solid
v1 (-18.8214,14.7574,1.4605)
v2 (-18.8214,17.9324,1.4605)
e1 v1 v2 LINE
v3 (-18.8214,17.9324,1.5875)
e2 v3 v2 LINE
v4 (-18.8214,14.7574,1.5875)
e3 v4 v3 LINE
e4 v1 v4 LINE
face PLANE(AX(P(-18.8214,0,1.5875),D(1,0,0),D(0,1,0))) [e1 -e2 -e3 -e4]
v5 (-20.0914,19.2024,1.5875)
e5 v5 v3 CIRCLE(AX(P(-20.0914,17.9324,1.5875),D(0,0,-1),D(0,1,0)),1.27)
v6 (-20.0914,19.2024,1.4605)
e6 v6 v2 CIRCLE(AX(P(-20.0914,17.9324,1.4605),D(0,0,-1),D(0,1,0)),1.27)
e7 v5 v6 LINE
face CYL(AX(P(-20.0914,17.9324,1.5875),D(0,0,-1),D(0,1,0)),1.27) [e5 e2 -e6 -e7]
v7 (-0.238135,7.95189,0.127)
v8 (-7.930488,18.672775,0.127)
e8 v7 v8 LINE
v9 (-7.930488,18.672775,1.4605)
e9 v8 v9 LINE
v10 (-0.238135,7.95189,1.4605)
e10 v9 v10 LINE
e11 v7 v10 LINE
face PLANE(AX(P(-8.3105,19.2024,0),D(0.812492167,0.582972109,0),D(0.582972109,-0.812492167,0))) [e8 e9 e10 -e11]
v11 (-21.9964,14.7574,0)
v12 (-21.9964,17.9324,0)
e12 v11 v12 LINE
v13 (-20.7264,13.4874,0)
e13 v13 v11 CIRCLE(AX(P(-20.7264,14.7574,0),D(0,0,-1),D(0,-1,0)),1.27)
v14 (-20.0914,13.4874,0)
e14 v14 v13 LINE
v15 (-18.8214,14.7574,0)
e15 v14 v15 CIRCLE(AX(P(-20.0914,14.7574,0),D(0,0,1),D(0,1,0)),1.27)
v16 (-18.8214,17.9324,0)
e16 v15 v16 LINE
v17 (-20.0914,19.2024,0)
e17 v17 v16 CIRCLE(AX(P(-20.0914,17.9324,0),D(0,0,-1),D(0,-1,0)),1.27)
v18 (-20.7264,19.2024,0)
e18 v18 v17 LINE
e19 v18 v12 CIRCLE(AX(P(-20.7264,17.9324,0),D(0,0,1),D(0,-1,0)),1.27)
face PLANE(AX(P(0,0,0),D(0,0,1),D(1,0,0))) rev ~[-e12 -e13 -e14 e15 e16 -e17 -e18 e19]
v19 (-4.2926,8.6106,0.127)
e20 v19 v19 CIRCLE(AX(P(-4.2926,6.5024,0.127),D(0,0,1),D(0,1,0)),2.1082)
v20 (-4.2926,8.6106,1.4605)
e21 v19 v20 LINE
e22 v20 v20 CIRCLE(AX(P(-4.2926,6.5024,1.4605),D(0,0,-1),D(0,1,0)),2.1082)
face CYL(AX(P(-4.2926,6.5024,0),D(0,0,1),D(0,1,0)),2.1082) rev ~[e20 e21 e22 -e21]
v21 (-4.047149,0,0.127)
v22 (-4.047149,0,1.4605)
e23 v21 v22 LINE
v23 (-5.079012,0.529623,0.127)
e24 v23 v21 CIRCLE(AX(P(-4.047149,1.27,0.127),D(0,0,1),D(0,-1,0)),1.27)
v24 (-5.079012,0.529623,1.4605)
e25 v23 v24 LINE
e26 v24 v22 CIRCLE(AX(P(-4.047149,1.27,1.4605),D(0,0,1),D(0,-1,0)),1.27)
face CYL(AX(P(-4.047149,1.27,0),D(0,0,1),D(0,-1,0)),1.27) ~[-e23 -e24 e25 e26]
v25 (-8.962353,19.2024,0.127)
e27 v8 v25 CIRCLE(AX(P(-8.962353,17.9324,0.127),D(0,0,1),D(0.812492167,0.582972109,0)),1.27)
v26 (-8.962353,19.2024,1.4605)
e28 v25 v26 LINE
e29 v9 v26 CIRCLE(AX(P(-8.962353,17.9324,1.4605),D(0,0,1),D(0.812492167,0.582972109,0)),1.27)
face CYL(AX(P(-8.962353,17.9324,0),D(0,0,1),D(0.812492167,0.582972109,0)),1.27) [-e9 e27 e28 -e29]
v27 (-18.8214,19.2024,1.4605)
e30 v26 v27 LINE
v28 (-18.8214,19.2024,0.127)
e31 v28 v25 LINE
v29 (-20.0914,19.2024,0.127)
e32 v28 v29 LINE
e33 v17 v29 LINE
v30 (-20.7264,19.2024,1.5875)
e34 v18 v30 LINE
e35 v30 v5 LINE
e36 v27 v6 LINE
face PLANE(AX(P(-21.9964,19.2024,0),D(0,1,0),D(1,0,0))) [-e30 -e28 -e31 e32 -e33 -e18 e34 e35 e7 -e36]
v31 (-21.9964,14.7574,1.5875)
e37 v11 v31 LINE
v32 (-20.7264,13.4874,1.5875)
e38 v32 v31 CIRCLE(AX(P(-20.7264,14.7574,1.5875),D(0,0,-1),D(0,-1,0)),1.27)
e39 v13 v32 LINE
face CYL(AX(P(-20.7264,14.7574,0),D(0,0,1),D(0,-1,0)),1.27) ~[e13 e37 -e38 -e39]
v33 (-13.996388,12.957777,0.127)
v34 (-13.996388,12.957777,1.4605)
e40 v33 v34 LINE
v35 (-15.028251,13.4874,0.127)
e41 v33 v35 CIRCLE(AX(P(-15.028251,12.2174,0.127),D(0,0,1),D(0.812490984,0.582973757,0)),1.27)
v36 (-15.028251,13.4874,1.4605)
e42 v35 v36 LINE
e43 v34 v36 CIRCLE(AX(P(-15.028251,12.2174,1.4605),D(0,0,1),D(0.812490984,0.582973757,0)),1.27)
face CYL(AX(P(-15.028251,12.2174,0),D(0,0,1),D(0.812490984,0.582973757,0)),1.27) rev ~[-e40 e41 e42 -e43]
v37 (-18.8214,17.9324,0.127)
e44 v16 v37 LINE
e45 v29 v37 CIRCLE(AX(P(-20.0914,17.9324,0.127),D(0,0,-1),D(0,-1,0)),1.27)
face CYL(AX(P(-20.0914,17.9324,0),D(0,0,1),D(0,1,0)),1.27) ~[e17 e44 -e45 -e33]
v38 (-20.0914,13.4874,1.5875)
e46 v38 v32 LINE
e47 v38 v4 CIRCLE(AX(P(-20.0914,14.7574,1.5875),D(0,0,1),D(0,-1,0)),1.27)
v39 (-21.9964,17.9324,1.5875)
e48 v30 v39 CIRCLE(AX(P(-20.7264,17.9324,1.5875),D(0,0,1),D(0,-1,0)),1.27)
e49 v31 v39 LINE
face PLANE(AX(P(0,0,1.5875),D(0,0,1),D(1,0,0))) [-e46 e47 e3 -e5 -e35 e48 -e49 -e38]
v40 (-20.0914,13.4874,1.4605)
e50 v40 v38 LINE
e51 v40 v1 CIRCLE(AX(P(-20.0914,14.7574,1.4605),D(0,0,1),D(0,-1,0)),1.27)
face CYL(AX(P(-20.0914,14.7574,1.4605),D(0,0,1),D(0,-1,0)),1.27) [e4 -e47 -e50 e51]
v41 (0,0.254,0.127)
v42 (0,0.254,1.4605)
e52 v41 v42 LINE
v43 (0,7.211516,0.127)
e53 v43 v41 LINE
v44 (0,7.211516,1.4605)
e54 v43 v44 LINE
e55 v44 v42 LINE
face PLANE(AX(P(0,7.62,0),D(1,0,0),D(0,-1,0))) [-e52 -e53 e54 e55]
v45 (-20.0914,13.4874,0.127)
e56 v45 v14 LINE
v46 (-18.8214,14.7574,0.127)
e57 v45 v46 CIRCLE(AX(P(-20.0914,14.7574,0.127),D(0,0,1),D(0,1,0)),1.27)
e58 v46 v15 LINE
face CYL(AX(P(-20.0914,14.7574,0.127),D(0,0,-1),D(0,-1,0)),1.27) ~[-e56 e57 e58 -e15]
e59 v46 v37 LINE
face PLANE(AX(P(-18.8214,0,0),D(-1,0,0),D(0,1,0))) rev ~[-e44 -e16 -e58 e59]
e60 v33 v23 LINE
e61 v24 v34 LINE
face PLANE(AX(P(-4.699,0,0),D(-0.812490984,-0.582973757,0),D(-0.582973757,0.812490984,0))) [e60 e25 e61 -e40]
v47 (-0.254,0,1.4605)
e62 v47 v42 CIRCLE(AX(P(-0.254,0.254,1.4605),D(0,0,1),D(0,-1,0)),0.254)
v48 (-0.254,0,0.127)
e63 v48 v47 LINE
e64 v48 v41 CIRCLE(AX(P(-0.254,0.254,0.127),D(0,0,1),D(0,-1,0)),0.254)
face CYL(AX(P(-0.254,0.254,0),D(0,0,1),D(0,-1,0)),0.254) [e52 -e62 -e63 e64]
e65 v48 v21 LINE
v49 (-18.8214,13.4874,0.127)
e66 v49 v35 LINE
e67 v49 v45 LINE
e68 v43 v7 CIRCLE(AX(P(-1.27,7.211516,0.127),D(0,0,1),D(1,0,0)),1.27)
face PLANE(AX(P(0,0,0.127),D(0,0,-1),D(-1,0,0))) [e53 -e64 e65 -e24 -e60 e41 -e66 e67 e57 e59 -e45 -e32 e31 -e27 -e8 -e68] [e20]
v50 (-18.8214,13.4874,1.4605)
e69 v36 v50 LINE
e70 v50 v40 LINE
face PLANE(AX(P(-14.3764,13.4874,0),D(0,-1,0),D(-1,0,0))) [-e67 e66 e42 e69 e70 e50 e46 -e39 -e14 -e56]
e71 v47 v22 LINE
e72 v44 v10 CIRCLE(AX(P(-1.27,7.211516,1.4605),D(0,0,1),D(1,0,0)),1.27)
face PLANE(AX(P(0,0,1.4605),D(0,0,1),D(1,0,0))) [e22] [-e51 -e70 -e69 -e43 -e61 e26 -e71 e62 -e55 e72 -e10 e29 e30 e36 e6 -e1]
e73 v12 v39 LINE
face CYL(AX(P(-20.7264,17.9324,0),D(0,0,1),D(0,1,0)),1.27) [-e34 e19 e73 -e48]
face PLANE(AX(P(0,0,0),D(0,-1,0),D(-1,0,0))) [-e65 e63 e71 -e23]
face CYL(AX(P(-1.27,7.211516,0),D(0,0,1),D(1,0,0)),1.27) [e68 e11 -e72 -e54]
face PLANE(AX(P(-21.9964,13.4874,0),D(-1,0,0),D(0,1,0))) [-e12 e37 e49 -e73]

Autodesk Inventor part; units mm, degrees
ref_plane "YZ Plane" through (0, 0, 0) normal (1, 0, 0) x (0, 1, 0)
ref_plane "XZ Plane" through (0, 0, 0) normal (0, 1, 0) x (-1, 0, 0)
ref_plane "XY Plane" through (0, 0, 0) normal (0, 0, 1) x (1, 0, 0)
sketch "Sketch1" plane through (0, 0, 0) normal (0, 0, 1) x (1, 0, 0)
  line L0 (0, 0) -> (-4.699, 0)
  line L1 (-4.699, 0) -> (-14.3764, 13.4874)
  line L2 (-14.3764, 13.4874) -> (-21.9964, 13.4874)
  line L3 (-21.9964, 13.4874) -> (-21.9964, 19.2024)
  line L4 (-21.9964, 19.2024) -> (-8.3105, 19.2024)
  line L5 (-8.3105, 19.2024) -> (0, 7.62)
  line L6 (0, 7.62) -> (0, 0)
  line L7 (0, 23.0429) -> (0, -3.8405) projected
  line L8 (-26.3957, 0) -> (4.3993, 0) projected
  dimension "d0" = 7.62
  dimension "d1" = 5.715
  dimension "d2" = 4.699
  dimension "d3" = 19.2024
  dimension "d4" = 21.9964
  dimension "d5" = 7.62
  dimension "d6" = 13.6859
  dimension "d7" = 14.2554
extrude "Extrusion1" add sketch "Sketch1" along normal blind 1.5875
sketch "Sketch2" plane through (0, 0, 0) normal (0, 0, 1) x (1, 0, 0)
  circle A0 centre (-4.2926, 6.5024) radius 0.635
  line L0 (-26.3957, 0) -> (4.3993, 0) projected
  line L1 (0, 23.0429) -> (0, -3.8405) projected
  line L2 (-21.9964, 13.4874) -> (-21.9964, 19.2024) projected
  line L3 (-21.9964, 19.2024) -> (-8.3105, 19.2024) projected
  point P0 (0, 0)
  dimension "d11" = 17.7038
  dimension "d12" = 12.7
  dimension "d13" = 1.27
hole "Hole1" at (-4.2926, 6.5024, 0) direction (0, 0, 1) diameter 4.2164 end through all
fillet "Fillet1" radius 1.27 6 edges at (-21.9964, 13.4874, 0.7937) (-14.3764, 13.4874, 0.7937) (-4.699, 0, 0.7937) (0, 7.62, 0.7937) (-8.3105, 19.2024, 0.7937) (-21.9964, 19.2024, 0.7937)
fillet "Fillet2" radius 0.254 1 edges at (0, 0, 0.7937)
sketch "Sketch3" plane through (0, 0, 1.5875) normal (0, 0, 1) x (1, 0, 0)
  line L0 (-20.7264, 19.2024) -> (-8.9624, 19.2024) projected
  circle A0 centre (-4.2926, 6.5024) radius 2.1082 projected
  line L1 (0, 0) -> (-18.8214, 0)
  line L2 (-18.8214, 0) -> (-18.8214, 19.2024)
  line L3 (-18.8214, 19.2024) -> (0, 19.2024)
  line L4 (0, 19.2024) -> (0, 0)
  point P0 (-21.9964, 17.9324)
  dimension "d23" = 3.175
extrude "Extrusion2" cut sketch "Sketch3" against normal blind 0.127
sketch "Sketch4" plane through (0, 0, 0) normal (0, 0, -1) x (-1, 0, 0)
  circle A0 centre (4.2926, 6.5024) radius 2.1082 projected
  line L0 (21.9964, 14.7574) -> (21.9964, 17.9324) projected
  line L1 (20.7264, 19.2024) -> (8.9624, 19.2024) projected
  line L2 (0, 0) -> (18.8214, 0)
  line L3 (18.8214, 0) -> (18.8214, 19.2024)
  line L4 (18.8214, 19.2024) -> (0, 19.2024)
  line L5 (0, 19.2024) -> (0, 0)
  dimension "d26" = 3.175
extrude "Extrusion3" cut sketch "Sketch4" against normal blind 0.127
fillet "Fillet3" radius 1.27 4 edges at (-18.8214, 13.4874, 0.0635) (-18.8214, 19.2024, 0.0635) (-18.8214, 19.2024, 1.524) (-18.8214, 13.4874, 1.524)
properties part number "J002856" material "STAINLESS STEEL, 303"
